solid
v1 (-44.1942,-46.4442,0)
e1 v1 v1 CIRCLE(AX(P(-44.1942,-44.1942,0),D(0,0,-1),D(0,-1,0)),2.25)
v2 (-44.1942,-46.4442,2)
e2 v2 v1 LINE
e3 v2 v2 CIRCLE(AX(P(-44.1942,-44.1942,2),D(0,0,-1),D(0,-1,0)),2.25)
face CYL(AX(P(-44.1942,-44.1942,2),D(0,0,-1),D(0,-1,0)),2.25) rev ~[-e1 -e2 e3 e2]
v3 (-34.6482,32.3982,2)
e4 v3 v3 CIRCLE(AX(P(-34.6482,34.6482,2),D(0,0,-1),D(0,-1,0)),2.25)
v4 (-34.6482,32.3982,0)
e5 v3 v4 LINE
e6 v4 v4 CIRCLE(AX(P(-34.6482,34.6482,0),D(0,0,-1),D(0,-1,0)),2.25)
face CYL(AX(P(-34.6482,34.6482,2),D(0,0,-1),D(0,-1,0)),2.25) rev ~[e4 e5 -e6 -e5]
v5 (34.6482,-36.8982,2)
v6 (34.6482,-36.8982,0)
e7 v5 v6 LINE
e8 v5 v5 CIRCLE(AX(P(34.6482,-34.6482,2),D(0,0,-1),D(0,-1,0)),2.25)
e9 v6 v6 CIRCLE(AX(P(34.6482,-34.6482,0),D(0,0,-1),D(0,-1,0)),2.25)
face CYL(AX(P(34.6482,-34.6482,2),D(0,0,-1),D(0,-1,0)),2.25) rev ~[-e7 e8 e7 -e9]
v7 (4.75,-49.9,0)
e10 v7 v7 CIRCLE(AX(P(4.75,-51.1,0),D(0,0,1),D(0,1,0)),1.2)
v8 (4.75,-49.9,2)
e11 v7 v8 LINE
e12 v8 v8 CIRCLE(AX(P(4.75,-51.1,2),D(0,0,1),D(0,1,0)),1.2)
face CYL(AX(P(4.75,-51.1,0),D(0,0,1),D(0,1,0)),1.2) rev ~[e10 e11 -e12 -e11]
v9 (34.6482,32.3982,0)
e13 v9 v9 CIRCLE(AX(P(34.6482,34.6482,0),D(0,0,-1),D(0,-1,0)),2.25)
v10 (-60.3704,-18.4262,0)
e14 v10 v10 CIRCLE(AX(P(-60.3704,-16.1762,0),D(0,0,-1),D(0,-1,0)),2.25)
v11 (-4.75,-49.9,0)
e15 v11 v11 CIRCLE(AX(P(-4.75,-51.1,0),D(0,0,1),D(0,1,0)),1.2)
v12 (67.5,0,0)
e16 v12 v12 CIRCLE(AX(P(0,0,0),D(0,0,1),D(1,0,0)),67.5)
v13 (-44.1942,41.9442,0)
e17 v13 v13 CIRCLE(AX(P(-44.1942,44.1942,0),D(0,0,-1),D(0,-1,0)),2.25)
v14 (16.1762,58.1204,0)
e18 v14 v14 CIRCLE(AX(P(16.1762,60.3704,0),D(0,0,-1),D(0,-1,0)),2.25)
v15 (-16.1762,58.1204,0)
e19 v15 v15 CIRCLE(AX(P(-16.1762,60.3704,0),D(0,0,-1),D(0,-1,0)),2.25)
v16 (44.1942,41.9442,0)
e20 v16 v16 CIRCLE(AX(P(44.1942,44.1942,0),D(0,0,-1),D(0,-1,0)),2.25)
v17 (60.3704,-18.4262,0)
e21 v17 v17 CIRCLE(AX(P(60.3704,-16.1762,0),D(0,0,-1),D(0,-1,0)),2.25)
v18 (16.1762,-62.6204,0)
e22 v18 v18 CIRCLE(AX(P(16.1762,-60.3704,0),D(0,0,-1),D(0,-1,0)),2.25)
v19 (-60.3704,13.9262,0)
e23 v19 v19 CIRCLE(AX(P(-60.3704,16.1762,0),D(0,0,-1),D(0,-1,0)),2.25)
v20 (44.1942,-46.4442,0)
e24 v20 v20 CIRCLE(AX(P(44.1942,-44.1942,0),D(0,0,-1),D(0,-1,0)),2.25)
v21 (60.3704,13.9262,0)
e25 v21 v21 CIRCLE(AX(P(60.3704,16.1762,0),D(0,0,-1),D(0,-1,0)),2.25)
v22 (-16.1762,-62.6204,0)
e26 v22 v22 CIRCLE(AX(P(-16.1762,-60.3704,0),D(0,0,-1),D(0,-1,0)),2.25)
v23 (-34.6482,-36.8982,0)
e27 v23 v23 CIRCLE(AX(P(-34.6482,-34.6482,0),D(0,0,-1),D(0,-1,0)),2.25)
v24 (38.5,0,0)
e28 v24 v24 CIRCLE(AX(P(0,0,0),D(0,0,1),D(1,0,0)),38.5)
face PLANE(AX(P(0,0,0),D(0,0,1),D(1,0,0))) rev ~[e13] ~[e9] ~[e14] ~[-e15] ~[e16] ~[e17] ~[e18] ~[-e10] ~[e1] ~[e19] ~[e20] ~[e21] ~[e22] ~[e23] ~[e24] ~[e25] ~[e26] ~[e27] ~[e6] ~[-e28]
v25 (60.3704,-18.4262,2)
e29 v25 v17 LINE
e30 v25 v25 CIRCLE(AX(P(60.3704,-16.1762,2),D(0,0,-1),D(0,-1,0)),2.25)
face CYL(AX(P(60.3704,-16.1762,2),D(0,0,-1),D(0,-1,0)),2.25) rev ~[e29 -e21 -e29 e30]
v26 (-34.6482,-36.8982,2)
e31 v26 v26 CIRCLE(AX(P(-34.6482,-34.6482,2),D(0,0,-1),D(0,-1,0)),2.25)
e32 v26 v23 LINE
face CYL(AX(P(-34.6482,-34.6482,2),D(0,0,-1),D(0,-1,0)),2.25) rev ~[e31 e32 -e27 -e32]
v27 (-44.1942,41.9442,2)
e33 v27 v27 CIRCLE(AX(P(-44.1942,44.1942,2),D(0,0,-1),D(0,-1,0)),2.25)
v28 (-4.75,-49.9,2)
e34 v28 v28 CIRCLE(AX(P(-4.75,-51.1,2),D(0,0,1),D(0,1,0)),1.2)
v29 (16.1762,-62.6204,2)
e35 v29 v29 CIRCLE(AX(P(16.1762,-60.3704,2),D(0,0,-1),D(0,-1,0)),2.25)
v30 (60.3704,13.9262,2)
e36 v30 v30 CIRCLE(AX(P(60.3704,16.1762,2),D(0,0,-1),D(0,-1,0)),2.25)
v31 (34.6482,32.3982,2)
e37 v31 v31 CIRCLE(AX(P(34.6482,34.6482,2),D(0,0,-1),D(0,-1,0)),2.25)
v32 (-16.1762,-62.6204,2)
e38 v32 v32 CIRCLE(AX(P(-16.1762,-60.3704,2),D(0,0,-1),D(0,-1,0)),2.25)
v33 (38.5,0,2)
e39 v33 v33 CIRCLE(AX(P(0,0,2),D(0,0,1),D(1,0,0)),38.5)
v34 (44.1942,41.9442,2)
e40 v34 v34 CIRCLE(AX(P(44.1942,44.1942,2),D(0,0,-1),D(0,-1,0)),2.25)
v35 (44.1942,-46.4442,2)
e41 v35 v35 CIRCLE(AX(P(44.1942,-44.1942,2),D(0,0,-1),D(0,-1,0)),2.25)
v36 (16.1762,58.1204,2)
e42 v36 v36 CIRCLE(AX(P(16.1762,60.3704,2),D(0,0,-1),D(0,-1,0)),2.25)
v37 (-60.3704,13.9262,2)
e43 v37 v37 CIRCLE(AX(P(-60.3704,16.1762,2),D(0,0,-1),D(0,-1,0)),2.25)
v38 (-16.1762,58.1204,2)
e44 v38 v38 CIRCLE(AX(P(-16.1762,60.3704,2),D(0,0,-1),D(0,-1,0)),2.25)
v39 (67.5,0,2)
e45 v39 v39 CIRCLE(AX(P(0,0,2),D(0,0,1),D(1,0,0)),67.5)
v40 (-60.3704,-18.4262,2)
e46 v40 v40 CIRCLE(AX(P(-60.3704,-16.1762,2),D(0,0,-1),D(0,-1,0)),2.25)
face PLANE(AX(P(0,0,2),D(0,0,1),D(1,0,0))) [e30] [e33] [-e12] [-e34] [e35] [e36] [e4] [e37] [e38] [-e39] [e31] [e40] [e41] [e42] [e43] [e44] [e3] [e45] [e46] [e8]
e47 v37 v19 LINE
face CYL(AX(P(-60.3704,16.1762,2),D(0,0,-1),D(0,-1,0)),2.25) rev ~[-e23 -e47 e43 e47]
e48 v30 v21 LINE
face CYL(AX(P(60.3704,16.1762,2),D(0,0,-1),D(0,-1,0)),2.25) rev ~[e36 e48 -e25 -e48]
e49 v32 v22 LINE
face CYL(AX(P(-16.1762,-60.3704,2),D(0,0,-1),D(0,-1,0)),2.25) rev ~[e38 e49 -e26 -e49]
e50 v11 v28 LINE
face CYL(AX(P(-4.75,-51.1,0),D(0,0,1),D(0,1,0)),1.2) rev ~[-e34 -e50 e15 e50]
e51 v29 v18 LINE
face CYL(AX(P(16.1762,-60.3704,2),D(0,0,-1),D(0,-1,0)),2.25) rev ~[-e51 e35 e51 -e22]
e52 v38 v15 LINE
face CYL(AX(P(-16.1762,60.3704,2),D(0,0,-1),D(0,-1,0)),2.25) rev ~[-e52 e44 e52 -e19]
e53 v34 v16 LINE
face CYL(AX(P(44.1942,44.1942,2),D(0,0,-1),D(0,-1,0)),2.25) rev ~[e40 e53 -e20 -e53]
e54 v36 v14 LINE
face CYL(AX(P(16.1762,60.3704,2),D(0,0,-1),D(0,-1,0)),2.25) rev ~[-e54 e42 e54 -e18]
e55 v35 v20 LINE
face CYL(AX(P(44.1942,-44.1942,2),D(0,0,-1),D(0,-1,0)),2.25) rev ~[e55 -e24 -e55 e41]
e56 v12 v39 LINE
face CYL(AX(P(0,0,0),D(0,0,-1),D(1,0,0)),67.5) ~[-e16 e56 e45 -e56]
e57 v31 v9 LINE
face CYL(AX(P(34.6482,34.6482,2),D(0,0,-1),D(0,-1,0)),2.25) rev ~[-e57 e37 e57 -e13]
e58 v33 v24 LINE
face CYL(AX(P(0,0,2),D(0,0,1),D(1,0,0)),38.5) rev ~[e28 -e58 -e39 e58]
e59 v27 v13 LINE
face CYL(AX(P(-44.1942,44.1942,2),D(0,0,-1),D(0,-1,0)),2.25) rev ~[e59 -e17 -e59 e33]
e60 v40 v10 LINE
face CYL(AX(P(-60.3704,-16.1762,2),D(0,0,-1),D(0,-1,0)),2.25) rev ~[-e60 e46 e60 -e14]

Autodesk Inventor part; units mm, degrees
ref_plane "YZ Plane" through (0, 0, 0) normal (1, 0, 0) x (0, 1, 0)
ref_plane "XZ Plane" through (0, 0, 0) normal (0, 1, 0) x (-1, 0, 0)
ref_plane "XY Plane" through (0, 0, 0) normal (0, 0, 1) x (1, 0, 0)
sketch "スケッチ1" plane through (0, 0, 0) normal (0, 0, 1) x (1, 0, 0)
  circle A0 centre (0, 0) radius 67.5
  dimension "d0" = 135
extrude "プレート1" add sketch "スケッチ1" along normal blind 2
sketch "スケッチ2" plane through (0, 0, 2) normal (0, 0, 1) x (1, 0, 0)
  circle A0 centre (0, 0) radius 38.5
  dimension "d2" = 77
extrude "押し出し1" cut sketch "スケッチ2" against normal through all
sketch "スケッチ3" plane through (0, 0, 2) normal (0, 0, 1) x (1, 0, 0)
  circle A0 centre (0, 0) radius 62.5
  point P0 (16.1762, 60.3704)
  point P1 (-16.1762, 60.3704)
  point P2 (-44.1942, 44.1942)
  point P3 (-60.3704, 16.1762)
  point P4 (-60.3704, -16.1762)
  point P5 (-44.1942, -44.1942)
  point P6 (-16.1762, -60.3704)
  point P7 (16.1762, -60.3704)
  point P8 (44.1942, -44.1942)
  point P9 (60.3704, -16.1762)
  point P10 (60.3704, 16.1762)
  point P11 (44.1942, 44.1942)
  dimension "d5" = 125
  dimension "d8" = 360
  dimension "d36" = 0
hole "穴1" at (16.1762, 60.3704, 2) at (-16.1762, 60.3704, 2) at (-44.1942, 44.1942, 2) at (-60.3704, 16.1762, 2) at (-60.3704, -16.1762, 2) at (-44.1942, -44.1942, 2) at (-16.1762, -60.3704, 2) at (16.1762, -60.3704, 2) at (44.1942, -44.1942, 2) at (60.3704, -16.1762, 2) at (60.3704, 16.1762, 2) at (44.1942, 44.1942, 2) direction (0, 0, -1) diameter 4.5 end through all clearance for "Flat Head Machine Screw" size "M4" standard "Ansi Metric M Profile"
sketch "スケッチ4" plane through (0, 0, 2) normal (0, 0, 1) x (1, 0, 0)
  circle A0 centre (0, 0) radius 49
  point P0 (-34.6482, 34.6482)
  point P1 (-34.6482, -34.6482)
  point P2 (34.6482, -34.6482)
  point P3 (34.6482, 34.6482)
  dimension "d17" = 98
  dimension "d20" = 360
  dimension "d29" = 0
hole "穴2" at (-34.6482, 34.6482, 2) at (-34.6482, -34.6482, 2) at (34.6482, -34.6482, 2) at (34.6482, 34.6482, 2) direction (0, 0, -1) diameter 4.5 end through all clearance for "Flat Head Machine Screw" size "M4" standard "Ansi Metric M Profile"
sketch "スケッチ6" plane through (0, 0, 0) normal (0, 0, -1) x (-1, 0, 0)
  circle A0 centre (0, 0) radius 37.5
  line L0 (-4.75, -42.3) -> (4.75, -42.3)
  line L1 (-4.75, -37.5) -> (4.75, -37.5)
  circle A1 centre (0, -37.5) radius 4.8
  point P0 (-4.75, -51.1)
  point P1 (4.75, -51.1)
  dimension "d37" = 75
  dimension "d38" = 9.5
  dimension "d39" = 8.8
  dimension "d40" = 13.6
  dimension "d41" = 4.75
hole "穴3" at (4.75, -51.1, 0) at (-4.75, -51.1, 0) direction (0, 0, 1) diameter 2.4 end through all clearance for "Socket Head Cap Screw" size "M2" standard "Ansi Metric M Profile"
equation "\"d15\" = Thickness"
equation "\"d27\" = Thickness"
equation "\"d47\" = Thickness"
equation "\"d1\" = Thickness"
equation "\"BendRadius\" = Thickness"
equation "\"BendReliefWidth\" = Thickness"
equation "\"BendReliefDepth\" = 0.5 * Thickness"
equation "\"CornerReliefSize\" = 4 * Thickness"
equation "\"MinimumRemnant\" = 2 * Thickness"
equation "\"TransitionRadius\" = BendRadius"
equation "\"JacobiRadiusSize\" = BendRadius"
equation "\"GapSize\" = Thickness"
equation "\"Thickness\" = 2"
properties part number "unit-j2-plate1" material "CFRP"
